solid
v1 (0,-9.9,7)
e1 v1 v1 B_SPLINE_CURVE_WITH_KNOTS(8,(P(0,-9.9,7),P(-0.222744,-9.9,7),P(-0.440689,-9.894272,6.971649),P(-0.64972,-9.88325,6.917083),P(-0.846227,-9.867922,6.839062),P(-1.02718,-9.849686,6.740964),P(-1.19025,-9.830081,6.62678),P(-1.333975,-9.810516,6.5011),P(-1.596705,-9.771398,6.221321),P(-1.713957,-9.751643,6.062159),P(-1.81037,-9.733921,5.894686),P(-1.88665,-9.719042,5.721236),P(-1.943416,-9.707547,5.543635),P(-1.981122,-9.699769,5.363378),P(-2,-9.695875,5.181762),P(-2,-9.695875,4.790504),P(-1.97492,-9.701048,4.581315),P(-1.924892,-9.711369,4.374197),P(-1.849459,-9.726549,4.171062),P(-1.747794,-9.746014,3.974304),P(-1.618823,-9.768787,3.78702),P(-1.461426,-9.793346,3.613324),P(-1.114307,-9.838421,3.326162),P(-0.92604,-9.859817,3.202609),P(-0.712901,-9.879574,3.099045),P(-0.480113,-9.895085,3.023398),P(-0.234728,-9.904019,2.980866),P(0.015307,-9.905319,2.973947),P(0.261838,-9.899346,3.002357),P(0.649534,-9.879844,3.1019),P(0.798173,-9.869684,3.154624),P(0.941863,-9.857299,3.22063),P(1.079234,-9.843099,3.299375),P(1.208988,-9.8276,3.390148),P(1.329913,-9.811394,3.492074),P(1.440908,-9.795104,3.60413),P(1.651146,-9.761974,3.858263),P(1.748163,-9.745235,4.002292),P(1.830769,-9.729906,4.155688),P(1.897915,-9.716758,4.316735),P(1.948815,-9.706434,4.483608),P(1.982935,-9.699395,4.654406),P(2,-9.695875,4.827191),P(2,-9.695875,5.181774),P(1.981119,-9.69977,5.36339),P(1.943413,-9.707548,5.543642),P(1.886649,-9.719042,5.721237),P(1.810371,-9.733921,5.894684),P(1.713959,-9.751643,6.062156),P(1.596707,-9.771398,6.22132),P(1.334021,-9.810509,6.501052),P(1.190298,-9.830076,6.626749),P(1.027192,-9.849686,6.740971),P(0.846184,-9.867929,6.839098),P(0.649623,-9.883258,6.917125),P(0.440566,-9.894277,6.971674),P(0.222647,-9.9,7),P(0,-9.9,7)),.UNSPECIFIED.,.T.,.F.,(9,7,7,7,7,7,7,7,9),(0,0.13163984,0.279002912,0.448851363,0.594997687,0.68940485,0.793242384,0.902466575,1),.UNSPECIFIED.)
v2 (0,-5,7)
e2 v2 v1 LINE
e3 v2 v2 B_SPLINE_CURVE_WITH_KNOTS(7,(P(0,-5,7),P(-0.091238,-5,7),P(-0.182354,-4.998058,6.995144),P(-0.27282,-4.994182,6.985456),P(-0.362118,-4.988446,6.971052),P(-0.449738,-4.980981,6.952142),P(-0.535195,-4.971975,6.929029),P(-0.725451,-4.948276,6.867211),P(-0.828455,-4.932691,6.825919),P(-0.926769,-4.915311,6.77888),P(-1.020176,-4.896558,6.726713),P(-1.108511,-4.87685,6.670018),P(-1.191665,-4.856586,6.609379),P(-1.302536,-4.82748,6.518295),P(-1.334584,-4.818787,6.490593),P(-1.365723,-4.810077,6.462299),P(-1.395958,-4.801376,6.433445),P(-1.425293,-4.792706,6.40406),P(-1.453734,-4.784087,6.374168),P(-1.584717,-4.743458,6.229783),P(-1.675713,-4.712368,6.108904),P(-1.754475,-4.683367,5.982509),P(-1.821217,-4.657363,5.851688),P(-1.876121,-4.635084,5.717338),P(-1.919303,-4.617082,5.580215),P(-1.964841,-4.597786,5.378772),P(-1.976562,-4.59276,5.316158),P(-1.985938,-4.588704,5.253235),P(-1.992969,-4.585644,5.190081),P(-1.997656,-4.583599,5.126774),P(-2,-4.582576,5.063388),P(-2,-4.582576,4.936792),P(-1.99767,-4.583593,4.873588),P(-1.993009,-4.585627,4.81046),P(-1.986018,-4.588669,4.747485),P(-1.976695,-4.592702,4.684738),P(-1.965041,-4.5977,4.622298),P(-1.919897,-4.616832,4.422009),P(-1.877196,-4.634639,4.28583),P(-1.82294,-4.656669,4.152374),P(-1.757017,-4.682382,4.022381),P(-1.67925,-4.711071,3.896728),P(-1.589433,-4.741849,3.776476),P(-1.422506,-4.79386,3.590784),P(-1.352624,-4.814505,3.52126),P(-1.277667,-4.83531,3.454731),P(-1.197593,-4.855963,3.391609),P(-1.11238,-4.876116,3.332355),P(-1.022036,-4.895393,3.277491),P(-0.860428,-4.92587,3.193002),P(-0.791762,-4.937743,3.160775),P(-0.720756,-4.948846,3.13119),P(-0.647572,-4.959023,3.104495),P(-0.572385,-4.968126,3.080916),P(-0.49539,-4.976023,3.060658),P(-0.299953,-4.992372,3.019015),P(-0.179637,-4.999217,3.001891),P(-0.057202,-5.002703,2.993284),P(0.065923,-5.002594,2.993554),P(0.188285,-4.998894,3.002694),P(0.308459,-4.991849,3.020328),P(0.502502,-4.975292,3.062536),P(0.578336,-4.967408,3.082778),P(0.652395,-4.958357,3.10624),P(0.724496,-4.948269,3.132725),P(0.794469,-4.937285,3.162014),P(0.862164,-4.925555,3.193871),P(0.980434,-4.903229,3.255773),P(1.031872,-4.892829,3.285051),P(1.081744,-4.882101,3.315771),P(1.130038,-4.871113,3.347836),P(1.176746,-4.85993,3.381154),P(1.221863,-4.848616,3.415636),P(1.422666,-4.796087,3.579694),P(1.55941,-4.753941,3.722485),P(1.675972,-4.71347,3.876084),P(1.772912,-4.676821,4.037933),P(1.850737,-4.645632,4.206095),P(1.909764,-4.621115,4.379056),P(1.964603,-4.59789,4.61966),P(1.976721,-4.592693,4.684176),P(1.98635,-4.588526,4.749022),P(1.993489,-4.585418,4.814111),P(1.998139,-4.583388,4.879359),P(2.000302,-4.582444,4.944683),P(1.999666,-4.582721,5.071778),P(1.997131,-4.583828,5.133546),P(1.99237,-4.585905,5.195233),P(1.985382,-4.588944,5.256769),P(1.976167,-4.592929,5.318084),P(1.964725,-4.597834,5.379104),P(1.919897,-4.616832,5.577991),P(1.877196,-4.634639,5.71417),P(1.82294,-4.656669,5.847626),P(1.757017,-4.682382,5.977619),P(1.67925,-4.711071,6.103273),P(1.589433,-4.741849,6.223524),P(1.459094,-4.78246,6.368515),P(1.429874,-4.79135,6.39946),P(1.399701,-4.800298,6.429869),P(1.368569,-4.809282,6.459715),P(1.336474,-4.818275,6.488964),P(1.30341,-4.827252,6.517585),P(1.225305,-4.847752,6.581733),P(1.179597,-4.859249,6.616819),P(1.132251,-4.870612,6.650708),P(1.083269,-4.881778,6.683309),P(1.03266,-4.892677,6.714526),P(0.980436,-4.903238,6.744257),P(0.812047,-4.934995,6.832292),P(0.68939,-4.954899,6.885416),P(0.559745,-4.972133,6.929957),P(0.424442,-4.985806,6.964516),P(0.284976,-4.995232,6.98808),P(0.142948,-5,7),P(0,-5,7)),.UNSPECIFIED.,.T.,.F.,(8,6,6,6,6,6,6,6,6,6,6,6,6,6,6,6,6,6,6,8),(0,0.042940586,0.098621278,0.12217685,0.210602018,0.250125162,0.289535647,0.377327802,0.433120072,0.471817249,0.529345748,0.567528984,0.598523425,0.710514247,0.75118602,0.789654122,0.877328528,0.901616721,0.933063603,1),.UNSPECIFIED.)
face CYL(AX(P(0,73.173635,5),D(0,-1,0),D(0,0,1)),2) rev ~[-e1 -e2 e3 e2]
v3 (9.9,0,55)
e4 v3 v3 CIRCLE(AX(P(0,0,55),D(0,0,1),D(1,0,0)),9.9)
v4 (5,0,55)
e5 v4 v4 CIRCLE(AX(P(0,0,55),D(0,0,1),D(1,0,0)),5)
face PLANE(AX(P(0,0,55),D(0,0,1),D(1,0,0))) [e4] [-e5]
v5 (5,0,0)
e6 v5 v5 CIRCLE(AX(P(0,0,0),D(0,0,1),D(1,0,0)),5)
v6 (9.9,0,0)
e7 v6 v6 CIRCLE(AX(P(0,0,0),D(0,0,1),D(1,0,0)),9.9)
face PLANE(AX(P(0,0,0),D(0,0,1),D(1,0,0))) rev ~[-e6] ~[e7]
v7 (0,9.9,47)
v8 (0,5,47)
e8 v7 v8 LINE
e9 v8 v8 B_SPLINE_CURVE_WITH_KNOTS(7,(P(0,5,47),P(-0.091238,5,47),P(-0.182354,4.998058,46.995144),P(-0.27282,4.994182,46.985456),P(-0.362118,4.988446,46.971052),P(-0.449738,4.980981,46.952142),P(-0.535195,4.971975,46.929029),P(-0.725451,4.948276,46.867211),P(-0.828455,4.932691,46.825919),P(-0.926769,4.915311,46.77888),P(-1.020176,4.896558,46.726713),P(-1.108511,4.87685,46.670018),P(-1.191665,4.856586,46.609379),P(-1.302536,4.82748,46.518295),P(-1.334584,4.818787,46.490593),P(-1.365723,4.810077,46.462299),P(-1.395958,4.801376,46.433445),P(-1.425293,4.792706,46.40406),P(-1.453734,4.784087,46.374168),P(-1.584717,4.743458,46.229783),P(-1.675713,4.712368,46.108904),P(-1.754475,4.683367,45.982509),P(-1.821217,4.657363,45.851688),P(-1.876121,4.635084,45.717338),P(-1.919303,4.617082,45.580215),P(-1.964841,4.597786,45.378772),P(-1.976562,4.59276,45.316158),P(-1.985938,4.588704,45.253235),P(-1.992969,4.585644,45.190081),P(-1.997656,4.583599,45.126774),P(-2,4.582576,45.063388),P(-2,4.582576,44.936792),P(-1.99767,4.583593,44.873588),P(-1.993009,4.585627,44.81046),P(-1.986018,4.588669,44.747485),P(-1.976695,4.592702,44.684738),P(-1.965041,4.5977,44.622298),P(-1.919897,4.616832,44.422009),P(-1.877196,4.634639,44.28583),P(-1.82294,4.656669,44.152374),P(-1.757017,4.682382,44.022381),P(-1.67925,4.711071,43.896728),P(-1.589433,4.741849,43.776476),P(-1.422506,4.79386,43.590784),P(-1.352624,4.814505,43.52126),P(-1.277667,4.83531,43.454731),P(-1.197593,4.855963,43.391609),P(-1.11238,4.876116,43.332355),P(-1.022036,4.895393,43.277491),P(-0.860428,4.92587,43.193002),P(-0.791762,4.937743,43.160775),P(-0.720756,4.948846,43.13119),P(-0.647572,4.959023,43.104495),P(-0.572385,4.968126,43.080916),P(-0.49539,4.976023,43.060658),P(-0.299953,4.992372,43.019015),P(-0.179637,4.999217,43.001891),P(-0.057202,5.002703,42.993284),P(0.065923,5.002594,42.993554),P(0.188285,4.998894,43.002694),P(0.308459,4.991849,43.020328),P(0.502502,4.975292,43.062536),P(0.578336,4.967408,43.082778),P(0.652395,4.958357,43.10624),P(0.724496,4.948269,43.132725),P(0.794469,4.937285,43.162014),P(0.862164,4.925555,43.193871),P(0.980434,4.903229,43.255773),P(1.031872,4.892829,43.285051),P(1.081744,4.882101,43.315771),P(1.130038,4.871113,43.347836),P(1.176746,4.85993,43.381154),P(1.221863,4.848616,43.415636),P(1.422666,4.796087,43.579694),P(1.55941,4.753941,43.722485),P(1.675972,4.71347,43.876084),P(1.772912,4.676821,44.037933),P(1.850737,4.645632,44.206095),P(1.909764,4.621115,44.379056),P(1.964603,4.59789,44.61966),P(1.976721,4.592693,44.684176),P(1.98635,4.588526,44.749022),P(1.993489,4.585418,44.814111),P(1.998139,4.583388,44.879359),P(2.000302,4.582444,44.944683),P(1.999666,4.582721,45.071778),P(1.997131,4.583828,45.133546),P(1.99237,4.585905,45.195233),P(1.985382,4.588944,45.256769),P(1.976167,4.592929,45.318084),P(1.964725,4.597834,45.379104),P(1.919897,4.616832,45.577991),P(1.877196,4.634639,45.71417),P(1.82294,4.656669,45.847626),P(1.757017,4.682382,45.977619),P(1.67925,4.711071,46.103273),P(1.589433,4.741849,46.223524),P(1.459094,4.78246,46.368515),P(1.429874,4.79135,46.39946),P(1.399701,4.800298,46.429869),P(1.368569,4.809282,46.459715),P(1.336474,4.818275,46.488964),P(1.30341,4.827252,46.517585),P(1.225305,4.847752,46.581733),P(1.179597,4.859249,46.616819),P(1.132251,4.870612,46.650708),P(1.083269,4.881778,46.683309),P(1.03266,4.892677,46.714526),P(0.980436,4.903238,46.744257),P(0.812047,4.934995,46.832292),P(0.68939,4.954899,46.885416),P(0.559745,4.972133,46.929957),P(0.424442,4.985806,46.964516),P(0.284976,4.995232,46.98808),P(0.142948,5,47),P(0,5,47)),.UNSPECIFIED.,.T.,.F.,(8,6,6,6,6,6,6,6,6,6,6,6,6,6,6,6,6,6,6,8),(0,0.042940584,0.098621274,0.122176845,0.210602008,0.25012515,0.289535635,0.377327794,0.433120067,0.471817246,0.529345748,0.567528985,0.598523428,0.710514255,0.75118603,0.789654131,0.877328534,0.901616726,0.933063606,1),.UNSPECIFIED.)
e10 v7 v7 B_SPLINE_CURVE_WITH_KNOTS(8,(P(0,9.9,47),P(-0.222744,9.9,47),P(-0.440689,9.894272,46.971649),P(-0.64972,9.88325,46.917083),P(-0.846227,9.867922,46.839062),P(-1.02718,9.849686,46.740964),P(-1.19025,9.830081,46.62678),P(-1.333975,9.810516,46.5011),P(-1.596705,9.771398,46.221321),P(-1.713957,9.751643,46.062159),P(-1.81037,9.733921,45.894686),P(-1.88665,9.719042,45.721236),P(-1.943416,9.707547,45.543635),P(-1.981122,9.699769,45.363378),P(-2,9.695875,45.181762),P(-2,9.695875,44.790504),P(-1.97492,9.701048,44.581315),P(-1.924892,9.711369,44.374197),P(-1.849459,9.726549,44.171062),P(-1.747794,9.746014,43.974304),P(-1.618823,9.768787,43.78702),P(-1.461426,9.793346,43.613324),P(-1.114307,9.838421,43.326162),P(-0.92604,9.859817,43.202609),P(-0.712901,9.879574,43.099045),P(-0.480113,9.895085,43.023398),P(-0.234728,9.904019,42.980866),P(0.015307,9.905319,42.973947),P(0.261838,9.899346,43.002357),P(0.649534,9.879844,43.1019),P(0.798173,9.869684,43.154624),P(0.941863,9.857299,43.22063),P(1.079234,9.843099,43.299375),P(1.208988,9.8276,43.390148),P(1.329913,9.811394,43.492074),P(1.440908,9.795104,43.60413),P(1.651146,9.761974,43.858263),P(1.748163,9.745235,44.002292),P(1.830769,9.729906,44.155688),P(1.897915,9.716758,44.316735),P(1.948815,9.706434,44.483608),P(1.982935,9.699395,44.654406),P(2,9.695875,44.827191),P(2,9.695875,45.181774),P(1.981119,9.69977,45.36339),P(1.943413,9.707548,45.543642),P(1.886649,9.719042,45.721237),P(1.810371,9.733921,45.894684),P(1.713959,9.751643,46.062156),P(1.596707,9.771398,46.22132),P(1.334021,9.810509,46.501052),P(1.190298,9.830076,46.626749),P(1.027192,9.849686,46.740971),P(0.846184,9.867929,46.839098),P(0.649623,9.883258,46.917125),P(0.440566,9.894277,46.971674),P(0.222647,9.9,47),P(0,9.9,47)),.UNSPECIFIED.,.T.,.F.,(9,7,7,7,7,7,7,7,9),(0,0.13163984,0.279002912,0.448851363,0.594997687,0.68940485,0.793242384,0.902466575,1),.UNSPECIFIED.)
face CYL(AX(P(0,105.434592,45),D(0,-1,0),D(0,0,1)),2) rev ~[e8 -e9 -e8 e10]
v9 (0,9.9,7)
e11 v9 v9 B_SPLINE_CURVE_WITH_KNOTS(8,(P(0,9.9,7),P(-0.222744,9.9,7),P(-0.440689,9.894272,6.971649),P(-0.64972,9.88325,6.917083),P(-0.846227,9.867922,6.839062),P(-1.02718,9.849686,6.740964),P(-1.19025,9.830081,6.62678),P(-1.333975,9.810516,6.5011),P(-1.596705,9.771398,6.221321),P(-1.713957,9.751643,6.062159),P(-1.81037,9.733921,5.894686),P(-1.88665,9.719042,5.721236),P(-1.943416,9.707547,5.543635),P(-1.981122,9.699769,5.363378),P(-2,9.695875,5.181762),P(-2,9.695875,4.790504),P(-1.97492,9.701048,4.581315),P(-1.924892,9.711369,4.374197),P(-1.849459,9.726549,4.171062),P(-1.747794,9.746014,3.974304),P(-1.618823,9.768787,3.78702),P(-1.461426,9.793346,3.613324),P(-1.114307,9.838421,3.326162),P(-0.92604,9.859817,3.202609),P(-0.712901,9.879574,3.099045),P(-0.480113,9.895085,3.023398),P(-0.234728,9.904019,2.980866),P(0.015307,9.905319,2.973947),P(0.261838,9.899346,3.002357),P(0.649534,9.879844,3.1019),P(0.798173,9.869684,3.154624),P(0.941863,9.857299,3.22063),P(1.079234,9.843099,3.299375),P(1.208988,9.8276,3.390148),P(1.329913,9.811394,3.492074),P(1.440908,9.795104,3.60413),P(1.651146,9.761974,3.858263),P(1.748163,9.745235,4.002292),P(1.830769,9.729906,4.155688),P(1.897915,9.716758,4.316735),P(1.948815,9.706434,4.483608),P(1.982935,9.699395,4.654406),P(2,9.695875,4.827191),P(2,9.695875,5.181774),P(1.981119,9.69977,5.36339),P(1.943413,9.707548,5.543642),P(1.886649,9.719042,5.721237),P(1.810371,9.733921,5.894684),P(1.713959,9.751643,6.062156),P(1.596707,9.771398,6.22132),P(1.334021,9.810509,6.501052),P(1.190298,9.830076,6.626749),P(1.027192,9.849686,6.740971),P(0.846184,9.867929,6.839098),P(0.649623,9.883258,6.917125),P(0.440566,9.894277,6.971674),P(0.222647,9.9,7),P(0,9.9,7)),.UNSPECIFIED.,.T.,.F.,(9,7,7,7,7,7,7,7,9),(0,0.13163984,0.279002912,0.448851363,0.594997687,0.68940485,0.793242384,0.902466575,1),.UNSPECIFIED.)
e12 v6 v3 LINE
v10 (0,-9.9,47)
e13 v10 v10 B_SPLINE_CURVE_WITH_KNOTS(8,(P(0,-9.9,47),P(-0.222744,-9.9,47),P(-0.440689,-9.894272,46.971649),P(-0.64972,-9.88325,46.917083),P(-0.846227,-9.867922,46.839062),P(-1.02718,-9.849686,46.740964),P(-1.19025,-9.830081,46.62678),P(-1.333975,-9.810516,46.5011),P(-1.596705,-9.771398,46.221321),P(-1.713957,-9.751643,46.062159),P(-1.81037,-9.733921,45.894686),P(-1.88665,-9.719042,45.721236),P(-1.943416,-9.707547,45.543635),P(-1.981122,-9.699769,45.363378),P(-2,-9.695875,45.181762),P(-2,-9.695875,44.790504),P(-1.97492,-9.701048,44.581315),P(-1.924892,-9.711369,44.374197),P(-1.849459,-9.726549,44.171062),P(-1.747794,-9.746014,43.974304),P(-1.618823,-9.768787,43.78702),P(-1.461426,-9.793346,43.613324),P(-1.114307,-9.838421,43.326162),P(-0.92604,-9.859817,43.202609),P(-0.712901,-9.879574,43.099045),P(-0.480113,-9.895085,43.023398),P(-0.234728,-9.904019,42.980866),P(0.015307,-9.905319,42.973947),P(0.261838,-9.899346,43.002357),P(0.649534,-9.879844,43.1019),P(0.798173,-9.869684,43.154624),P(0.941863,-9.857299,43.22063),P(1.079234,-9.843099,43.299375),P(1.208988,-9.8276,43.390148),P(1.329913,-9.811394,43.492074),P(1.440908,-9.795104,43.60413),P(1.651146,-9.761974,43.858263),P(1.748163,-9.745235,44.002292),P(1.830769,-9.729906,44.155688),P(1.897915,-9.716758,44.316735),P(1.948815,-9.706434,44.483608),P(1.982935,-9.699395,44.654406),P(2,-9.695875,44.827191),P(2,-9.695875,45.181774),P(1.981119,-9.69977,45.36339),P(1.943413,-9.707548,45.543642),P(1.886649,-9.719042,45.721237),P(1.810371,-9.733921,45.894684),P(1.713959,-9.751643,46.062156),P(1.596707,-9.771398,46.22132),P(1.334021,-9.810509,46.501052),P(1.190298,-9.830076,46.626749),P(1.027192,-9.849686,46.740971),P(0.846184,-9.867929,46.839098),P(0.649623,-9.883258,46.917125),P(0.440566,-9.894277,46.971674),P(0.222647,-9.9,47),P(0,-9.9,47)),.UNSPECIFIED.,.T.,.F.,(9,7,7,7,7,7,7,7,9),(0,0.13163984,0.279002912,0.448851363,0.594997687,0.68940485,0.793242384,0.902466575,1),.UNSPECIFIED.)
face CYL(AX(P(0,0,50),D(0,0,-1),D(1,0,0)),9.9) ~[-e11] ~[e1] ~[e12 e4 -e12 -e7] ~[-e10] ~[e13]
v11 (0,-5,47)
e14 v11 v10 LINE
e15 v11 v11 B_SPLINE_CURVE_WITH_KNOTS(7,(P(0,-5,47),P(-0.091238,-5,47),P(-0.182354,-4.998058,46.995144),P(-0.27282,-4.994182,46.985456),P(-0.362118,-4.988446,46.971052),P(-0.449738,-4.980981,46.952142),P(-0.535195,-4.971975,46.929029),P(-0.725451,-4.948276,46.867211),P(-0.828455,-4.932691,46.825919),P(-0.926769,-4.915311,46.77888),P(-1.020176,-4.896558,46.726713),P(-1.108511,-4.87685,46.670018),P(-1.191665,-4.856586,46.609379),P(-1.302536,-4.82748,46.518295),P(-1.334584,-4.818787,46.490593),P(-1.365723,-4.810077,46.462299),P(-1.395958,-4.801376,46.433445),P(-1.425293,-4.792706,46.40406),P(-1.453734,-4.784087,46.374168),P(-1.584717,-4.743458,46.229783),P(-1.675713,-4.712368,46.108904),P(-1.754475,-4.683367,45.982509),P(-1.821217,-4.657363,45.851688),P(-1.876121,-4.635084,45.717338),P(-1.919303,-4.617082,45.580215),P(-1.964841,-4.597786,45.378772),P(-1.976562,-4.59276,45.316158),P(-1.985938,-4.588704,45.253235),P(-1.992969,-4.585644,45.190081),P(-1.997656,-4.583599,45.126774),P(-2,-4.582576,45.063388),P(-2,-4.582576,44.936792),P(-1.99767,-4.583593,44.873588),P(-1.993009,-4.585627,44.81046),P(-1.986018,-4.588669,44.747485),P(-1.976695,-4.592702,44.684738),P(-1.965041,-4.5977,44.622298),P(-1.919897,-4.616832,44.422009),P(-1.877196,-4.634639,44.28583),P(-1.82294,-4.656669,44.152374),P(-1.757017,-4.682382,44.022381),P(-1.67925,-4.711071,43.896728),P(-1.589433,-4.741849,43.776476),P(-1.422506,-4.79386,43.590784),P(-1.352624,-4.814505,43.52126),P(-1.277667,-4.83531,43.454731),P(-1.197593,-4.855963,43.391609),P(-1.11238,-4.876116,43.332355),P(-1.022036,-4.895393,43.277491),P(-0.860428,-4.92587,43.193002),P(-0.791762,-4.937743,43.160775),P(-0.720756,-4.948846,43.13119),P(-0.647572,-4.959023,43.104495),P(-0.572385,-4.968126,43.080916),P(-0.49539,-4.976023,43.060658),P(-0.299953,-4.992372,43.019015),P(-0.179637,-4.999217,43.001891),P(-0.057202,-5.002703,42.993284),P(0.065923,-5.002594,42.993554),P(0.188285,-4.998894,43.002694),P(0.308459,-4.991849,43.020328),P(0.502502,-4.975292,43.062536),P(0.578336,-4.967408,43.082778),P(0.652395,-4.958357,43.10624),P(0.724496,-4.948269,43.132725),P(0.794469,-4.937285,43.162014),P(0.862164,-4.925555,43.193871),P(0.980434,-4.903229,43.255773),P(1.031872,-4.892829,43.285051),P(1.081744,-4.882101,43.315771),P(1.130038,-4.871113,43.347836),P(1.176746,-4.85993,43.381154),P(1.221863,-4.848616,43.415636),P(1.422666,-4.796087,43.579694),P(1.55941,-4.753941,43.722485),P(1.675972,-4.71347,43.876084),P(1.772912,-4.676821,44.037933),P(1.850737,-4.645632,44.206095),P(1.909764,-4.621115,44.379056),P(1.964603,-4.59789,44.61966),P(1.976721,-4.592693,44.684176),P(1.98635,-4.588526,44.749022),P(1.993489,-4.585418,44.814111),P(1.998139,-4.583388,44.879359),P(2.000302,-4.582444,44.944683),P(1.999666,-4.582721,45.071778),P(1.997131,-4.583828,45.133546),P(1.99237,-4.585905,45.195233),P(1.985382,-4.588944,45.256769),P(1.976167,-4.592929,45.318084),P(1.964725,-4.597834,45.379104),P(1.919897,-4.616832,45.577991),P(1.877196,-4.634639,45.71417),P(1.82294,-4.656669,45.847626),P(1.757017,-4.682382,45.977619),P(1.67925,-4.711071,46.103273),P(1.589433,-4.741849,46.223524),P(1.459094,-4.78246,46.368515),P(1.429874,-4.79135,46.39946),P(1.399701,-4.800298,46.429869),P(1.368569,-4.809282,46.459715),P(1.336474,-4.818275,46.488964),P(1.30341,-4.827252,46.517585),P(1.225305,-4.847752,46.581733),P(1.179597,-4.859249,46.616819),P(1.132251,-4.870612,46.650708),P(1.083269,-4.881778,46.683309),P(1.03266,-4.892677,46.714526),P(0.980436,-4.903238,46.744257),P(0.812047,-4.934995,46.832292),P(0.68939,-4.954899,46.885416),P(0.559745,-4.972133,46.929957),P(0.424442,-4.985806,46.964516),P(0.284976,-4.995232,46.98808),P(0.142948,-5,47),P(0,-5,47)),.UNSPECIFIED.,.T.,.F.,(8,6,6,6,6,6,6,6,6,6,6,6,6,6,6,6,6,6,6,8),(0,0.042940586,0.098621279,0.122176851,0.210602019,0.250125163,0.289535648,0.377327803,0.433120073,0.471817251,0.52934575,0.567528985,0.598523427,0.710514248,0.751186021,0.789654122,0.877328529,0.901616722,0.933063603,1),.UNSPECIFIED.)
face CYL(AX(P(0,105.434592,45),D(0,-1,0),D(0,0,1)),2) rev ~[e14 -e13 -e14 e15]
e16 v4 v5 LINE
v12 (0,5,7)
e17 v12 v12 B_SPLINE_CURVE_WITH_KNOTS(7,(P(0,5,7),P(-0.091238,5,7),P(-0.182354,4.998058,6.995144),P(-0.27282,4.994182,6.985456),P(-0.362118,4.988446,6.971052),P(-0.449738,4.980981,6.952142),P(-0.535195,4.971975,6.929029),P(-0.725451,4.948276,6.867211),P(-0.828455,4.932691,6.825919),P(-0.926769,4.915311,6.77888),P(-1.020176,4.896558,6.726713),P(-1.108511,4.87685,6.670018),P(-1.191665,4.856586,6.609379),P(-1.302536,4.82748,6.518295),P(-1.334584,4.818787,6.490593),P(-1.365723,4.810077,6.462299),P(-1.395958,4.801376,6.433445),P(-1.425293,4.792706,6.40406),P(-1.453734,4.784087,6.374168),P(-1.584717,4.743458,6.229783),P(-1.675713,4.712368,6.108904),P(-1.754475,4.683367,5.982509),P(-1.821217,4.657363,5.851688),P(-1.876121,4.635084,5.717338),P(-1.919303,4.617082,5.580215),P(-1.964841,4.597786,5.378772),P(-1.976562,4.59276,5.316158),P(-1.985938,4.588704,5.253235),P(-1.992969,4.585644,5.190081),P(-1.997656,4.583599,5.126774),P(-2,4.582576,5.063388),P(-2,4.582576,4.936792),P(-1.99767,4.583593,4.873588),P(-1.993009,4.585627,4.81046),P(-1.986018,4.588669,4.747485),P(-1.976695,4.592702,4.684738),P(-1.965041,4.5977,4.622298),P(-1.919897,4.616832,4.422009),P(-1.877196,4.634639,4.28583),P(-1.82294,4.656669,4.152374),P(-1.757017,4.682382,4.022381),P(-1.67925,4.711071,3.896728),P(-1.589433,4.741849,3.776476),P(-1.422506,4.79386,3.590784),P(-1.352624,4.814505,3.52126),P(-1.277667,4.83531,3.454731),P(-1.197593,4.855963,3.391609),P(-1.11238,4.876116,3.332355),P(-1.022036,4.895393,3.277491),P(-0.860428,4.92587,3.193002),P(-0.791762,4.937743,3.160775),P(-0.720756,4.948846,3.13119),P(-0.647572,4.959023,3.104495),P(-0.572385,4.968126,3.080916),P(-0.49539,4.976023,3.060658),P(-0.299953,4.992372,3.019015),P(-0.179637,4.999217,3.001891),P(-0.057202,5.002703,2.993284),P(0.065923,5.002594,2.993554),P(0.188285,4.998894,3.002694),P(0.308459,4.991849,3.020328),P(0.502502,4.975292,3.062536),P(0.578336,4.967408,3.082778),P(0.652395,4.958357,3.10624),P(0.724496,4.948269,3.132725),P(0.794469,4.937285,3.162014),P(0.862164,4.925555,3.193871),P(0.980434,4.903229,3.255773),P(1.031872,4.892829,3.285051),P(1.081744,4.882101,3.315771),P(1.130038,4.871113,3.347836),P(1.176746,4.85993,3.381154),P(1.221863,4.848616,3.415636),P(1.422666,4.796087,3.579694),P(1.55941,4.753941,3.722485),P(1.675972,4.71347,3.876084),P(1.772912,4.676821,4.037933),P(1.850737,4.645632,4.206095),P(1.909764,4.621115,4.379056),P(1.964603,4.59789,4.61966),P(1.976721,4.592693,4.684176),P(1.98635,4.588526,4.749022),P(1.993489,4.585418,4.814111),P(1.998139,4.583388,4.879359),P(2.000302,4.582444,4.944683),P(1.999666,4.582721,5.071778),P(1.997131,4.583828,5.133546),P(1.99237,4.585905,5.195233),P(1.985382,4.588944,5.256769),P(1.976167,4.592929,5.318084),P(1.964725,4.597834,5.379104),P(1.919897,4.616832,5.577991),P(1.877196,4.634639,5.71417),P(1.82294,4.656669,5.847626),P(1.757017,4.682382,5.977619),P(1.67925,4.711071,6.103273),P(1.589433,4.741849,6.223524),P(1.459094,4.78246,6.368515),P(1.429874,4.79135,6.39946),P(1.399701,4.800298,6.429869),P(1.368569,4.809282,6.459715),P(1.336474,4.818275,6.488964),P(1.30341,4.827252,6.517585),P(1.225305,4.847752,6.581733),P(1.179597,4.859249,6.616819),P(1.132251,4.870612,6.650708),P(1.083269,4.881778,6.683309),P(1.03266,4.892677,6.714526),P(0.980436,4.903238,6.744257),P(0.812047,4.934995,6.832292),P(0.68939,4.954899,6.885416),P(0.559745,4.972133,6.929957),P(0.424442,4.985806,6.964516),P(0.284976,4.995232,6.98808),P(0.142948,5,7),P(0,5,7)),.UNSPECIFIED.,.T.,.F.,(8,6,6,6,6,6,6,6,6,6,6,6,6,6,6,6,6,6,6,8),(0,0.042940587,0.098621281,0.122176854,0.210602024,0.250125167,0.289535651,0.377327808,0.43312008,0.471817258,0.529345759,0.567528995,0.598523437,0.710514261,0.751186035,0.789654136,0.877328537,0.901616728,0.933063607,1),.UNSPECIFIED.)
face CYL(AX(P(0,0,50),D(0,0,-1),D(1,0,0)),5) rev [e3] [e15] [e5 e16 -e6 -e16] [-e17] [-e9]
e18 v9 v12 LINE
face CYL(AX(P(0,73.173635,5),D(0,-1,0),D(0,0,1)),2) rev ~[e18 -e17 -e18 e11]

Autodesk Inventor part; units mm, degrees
ref_plane "YZ Plane" through (0, 0, 0) normal (1, 0, 0) x (0, 1, 0)
ref_plane "XZ Plane" through (0, 0, 0) normal (0, 1, 0) x (-1, 0, 0)
ref_plane "XY Plane" through (0, 0, 0) normal (0, 0, 1) x (1, 0, 0)
sketch "Esquisse1" plane through (0, 0, 0) normal (0, 0, 1) x (1, 0, 0)
  circle A0 centre (0, 0) radius 9.9
  circle A1 centre (0, 0) radius 5
  dimension "d0" = 19.8
  dimension "d1" = 10
extrude "Extrusion1" add sketch "Esquisse1" along normal blind 50
sketch "Esquisse2" plane through (0, 0, 0) normal (0, 1, 0) x (-1, 0, 0)
  line L0 (0, 0) -> (0, 5)
  line L1 (9.9, 50) -> (-9.9, 50) projected
  line L2 (0, 50) -> (0, 45)
  dimension "d4" = 5
  dimension "d5" = 5
hole "Perçage1" at (0, 0, 5) at (0, 0, 45) direction (0, -1, 0) diameter 4 end through all both
sketch "Esquisse3" plane through (0, 0, 50) normal (0, 0, 1) x (1, 0, 0)
  circle A0 centre (0, 0) radius 9.9 projected
  circle A1 centre (0, 0) radius 5 projected
sketch "Esquisse4" plane through (0, 0, 50) normal (0, 0, 1) x (1, 0, 0)
  point P0 (0, 0)
extrude "Extrusion2" add sketch "Esquisse3" along normal blind 5
properties part number "tube vers bogie"
